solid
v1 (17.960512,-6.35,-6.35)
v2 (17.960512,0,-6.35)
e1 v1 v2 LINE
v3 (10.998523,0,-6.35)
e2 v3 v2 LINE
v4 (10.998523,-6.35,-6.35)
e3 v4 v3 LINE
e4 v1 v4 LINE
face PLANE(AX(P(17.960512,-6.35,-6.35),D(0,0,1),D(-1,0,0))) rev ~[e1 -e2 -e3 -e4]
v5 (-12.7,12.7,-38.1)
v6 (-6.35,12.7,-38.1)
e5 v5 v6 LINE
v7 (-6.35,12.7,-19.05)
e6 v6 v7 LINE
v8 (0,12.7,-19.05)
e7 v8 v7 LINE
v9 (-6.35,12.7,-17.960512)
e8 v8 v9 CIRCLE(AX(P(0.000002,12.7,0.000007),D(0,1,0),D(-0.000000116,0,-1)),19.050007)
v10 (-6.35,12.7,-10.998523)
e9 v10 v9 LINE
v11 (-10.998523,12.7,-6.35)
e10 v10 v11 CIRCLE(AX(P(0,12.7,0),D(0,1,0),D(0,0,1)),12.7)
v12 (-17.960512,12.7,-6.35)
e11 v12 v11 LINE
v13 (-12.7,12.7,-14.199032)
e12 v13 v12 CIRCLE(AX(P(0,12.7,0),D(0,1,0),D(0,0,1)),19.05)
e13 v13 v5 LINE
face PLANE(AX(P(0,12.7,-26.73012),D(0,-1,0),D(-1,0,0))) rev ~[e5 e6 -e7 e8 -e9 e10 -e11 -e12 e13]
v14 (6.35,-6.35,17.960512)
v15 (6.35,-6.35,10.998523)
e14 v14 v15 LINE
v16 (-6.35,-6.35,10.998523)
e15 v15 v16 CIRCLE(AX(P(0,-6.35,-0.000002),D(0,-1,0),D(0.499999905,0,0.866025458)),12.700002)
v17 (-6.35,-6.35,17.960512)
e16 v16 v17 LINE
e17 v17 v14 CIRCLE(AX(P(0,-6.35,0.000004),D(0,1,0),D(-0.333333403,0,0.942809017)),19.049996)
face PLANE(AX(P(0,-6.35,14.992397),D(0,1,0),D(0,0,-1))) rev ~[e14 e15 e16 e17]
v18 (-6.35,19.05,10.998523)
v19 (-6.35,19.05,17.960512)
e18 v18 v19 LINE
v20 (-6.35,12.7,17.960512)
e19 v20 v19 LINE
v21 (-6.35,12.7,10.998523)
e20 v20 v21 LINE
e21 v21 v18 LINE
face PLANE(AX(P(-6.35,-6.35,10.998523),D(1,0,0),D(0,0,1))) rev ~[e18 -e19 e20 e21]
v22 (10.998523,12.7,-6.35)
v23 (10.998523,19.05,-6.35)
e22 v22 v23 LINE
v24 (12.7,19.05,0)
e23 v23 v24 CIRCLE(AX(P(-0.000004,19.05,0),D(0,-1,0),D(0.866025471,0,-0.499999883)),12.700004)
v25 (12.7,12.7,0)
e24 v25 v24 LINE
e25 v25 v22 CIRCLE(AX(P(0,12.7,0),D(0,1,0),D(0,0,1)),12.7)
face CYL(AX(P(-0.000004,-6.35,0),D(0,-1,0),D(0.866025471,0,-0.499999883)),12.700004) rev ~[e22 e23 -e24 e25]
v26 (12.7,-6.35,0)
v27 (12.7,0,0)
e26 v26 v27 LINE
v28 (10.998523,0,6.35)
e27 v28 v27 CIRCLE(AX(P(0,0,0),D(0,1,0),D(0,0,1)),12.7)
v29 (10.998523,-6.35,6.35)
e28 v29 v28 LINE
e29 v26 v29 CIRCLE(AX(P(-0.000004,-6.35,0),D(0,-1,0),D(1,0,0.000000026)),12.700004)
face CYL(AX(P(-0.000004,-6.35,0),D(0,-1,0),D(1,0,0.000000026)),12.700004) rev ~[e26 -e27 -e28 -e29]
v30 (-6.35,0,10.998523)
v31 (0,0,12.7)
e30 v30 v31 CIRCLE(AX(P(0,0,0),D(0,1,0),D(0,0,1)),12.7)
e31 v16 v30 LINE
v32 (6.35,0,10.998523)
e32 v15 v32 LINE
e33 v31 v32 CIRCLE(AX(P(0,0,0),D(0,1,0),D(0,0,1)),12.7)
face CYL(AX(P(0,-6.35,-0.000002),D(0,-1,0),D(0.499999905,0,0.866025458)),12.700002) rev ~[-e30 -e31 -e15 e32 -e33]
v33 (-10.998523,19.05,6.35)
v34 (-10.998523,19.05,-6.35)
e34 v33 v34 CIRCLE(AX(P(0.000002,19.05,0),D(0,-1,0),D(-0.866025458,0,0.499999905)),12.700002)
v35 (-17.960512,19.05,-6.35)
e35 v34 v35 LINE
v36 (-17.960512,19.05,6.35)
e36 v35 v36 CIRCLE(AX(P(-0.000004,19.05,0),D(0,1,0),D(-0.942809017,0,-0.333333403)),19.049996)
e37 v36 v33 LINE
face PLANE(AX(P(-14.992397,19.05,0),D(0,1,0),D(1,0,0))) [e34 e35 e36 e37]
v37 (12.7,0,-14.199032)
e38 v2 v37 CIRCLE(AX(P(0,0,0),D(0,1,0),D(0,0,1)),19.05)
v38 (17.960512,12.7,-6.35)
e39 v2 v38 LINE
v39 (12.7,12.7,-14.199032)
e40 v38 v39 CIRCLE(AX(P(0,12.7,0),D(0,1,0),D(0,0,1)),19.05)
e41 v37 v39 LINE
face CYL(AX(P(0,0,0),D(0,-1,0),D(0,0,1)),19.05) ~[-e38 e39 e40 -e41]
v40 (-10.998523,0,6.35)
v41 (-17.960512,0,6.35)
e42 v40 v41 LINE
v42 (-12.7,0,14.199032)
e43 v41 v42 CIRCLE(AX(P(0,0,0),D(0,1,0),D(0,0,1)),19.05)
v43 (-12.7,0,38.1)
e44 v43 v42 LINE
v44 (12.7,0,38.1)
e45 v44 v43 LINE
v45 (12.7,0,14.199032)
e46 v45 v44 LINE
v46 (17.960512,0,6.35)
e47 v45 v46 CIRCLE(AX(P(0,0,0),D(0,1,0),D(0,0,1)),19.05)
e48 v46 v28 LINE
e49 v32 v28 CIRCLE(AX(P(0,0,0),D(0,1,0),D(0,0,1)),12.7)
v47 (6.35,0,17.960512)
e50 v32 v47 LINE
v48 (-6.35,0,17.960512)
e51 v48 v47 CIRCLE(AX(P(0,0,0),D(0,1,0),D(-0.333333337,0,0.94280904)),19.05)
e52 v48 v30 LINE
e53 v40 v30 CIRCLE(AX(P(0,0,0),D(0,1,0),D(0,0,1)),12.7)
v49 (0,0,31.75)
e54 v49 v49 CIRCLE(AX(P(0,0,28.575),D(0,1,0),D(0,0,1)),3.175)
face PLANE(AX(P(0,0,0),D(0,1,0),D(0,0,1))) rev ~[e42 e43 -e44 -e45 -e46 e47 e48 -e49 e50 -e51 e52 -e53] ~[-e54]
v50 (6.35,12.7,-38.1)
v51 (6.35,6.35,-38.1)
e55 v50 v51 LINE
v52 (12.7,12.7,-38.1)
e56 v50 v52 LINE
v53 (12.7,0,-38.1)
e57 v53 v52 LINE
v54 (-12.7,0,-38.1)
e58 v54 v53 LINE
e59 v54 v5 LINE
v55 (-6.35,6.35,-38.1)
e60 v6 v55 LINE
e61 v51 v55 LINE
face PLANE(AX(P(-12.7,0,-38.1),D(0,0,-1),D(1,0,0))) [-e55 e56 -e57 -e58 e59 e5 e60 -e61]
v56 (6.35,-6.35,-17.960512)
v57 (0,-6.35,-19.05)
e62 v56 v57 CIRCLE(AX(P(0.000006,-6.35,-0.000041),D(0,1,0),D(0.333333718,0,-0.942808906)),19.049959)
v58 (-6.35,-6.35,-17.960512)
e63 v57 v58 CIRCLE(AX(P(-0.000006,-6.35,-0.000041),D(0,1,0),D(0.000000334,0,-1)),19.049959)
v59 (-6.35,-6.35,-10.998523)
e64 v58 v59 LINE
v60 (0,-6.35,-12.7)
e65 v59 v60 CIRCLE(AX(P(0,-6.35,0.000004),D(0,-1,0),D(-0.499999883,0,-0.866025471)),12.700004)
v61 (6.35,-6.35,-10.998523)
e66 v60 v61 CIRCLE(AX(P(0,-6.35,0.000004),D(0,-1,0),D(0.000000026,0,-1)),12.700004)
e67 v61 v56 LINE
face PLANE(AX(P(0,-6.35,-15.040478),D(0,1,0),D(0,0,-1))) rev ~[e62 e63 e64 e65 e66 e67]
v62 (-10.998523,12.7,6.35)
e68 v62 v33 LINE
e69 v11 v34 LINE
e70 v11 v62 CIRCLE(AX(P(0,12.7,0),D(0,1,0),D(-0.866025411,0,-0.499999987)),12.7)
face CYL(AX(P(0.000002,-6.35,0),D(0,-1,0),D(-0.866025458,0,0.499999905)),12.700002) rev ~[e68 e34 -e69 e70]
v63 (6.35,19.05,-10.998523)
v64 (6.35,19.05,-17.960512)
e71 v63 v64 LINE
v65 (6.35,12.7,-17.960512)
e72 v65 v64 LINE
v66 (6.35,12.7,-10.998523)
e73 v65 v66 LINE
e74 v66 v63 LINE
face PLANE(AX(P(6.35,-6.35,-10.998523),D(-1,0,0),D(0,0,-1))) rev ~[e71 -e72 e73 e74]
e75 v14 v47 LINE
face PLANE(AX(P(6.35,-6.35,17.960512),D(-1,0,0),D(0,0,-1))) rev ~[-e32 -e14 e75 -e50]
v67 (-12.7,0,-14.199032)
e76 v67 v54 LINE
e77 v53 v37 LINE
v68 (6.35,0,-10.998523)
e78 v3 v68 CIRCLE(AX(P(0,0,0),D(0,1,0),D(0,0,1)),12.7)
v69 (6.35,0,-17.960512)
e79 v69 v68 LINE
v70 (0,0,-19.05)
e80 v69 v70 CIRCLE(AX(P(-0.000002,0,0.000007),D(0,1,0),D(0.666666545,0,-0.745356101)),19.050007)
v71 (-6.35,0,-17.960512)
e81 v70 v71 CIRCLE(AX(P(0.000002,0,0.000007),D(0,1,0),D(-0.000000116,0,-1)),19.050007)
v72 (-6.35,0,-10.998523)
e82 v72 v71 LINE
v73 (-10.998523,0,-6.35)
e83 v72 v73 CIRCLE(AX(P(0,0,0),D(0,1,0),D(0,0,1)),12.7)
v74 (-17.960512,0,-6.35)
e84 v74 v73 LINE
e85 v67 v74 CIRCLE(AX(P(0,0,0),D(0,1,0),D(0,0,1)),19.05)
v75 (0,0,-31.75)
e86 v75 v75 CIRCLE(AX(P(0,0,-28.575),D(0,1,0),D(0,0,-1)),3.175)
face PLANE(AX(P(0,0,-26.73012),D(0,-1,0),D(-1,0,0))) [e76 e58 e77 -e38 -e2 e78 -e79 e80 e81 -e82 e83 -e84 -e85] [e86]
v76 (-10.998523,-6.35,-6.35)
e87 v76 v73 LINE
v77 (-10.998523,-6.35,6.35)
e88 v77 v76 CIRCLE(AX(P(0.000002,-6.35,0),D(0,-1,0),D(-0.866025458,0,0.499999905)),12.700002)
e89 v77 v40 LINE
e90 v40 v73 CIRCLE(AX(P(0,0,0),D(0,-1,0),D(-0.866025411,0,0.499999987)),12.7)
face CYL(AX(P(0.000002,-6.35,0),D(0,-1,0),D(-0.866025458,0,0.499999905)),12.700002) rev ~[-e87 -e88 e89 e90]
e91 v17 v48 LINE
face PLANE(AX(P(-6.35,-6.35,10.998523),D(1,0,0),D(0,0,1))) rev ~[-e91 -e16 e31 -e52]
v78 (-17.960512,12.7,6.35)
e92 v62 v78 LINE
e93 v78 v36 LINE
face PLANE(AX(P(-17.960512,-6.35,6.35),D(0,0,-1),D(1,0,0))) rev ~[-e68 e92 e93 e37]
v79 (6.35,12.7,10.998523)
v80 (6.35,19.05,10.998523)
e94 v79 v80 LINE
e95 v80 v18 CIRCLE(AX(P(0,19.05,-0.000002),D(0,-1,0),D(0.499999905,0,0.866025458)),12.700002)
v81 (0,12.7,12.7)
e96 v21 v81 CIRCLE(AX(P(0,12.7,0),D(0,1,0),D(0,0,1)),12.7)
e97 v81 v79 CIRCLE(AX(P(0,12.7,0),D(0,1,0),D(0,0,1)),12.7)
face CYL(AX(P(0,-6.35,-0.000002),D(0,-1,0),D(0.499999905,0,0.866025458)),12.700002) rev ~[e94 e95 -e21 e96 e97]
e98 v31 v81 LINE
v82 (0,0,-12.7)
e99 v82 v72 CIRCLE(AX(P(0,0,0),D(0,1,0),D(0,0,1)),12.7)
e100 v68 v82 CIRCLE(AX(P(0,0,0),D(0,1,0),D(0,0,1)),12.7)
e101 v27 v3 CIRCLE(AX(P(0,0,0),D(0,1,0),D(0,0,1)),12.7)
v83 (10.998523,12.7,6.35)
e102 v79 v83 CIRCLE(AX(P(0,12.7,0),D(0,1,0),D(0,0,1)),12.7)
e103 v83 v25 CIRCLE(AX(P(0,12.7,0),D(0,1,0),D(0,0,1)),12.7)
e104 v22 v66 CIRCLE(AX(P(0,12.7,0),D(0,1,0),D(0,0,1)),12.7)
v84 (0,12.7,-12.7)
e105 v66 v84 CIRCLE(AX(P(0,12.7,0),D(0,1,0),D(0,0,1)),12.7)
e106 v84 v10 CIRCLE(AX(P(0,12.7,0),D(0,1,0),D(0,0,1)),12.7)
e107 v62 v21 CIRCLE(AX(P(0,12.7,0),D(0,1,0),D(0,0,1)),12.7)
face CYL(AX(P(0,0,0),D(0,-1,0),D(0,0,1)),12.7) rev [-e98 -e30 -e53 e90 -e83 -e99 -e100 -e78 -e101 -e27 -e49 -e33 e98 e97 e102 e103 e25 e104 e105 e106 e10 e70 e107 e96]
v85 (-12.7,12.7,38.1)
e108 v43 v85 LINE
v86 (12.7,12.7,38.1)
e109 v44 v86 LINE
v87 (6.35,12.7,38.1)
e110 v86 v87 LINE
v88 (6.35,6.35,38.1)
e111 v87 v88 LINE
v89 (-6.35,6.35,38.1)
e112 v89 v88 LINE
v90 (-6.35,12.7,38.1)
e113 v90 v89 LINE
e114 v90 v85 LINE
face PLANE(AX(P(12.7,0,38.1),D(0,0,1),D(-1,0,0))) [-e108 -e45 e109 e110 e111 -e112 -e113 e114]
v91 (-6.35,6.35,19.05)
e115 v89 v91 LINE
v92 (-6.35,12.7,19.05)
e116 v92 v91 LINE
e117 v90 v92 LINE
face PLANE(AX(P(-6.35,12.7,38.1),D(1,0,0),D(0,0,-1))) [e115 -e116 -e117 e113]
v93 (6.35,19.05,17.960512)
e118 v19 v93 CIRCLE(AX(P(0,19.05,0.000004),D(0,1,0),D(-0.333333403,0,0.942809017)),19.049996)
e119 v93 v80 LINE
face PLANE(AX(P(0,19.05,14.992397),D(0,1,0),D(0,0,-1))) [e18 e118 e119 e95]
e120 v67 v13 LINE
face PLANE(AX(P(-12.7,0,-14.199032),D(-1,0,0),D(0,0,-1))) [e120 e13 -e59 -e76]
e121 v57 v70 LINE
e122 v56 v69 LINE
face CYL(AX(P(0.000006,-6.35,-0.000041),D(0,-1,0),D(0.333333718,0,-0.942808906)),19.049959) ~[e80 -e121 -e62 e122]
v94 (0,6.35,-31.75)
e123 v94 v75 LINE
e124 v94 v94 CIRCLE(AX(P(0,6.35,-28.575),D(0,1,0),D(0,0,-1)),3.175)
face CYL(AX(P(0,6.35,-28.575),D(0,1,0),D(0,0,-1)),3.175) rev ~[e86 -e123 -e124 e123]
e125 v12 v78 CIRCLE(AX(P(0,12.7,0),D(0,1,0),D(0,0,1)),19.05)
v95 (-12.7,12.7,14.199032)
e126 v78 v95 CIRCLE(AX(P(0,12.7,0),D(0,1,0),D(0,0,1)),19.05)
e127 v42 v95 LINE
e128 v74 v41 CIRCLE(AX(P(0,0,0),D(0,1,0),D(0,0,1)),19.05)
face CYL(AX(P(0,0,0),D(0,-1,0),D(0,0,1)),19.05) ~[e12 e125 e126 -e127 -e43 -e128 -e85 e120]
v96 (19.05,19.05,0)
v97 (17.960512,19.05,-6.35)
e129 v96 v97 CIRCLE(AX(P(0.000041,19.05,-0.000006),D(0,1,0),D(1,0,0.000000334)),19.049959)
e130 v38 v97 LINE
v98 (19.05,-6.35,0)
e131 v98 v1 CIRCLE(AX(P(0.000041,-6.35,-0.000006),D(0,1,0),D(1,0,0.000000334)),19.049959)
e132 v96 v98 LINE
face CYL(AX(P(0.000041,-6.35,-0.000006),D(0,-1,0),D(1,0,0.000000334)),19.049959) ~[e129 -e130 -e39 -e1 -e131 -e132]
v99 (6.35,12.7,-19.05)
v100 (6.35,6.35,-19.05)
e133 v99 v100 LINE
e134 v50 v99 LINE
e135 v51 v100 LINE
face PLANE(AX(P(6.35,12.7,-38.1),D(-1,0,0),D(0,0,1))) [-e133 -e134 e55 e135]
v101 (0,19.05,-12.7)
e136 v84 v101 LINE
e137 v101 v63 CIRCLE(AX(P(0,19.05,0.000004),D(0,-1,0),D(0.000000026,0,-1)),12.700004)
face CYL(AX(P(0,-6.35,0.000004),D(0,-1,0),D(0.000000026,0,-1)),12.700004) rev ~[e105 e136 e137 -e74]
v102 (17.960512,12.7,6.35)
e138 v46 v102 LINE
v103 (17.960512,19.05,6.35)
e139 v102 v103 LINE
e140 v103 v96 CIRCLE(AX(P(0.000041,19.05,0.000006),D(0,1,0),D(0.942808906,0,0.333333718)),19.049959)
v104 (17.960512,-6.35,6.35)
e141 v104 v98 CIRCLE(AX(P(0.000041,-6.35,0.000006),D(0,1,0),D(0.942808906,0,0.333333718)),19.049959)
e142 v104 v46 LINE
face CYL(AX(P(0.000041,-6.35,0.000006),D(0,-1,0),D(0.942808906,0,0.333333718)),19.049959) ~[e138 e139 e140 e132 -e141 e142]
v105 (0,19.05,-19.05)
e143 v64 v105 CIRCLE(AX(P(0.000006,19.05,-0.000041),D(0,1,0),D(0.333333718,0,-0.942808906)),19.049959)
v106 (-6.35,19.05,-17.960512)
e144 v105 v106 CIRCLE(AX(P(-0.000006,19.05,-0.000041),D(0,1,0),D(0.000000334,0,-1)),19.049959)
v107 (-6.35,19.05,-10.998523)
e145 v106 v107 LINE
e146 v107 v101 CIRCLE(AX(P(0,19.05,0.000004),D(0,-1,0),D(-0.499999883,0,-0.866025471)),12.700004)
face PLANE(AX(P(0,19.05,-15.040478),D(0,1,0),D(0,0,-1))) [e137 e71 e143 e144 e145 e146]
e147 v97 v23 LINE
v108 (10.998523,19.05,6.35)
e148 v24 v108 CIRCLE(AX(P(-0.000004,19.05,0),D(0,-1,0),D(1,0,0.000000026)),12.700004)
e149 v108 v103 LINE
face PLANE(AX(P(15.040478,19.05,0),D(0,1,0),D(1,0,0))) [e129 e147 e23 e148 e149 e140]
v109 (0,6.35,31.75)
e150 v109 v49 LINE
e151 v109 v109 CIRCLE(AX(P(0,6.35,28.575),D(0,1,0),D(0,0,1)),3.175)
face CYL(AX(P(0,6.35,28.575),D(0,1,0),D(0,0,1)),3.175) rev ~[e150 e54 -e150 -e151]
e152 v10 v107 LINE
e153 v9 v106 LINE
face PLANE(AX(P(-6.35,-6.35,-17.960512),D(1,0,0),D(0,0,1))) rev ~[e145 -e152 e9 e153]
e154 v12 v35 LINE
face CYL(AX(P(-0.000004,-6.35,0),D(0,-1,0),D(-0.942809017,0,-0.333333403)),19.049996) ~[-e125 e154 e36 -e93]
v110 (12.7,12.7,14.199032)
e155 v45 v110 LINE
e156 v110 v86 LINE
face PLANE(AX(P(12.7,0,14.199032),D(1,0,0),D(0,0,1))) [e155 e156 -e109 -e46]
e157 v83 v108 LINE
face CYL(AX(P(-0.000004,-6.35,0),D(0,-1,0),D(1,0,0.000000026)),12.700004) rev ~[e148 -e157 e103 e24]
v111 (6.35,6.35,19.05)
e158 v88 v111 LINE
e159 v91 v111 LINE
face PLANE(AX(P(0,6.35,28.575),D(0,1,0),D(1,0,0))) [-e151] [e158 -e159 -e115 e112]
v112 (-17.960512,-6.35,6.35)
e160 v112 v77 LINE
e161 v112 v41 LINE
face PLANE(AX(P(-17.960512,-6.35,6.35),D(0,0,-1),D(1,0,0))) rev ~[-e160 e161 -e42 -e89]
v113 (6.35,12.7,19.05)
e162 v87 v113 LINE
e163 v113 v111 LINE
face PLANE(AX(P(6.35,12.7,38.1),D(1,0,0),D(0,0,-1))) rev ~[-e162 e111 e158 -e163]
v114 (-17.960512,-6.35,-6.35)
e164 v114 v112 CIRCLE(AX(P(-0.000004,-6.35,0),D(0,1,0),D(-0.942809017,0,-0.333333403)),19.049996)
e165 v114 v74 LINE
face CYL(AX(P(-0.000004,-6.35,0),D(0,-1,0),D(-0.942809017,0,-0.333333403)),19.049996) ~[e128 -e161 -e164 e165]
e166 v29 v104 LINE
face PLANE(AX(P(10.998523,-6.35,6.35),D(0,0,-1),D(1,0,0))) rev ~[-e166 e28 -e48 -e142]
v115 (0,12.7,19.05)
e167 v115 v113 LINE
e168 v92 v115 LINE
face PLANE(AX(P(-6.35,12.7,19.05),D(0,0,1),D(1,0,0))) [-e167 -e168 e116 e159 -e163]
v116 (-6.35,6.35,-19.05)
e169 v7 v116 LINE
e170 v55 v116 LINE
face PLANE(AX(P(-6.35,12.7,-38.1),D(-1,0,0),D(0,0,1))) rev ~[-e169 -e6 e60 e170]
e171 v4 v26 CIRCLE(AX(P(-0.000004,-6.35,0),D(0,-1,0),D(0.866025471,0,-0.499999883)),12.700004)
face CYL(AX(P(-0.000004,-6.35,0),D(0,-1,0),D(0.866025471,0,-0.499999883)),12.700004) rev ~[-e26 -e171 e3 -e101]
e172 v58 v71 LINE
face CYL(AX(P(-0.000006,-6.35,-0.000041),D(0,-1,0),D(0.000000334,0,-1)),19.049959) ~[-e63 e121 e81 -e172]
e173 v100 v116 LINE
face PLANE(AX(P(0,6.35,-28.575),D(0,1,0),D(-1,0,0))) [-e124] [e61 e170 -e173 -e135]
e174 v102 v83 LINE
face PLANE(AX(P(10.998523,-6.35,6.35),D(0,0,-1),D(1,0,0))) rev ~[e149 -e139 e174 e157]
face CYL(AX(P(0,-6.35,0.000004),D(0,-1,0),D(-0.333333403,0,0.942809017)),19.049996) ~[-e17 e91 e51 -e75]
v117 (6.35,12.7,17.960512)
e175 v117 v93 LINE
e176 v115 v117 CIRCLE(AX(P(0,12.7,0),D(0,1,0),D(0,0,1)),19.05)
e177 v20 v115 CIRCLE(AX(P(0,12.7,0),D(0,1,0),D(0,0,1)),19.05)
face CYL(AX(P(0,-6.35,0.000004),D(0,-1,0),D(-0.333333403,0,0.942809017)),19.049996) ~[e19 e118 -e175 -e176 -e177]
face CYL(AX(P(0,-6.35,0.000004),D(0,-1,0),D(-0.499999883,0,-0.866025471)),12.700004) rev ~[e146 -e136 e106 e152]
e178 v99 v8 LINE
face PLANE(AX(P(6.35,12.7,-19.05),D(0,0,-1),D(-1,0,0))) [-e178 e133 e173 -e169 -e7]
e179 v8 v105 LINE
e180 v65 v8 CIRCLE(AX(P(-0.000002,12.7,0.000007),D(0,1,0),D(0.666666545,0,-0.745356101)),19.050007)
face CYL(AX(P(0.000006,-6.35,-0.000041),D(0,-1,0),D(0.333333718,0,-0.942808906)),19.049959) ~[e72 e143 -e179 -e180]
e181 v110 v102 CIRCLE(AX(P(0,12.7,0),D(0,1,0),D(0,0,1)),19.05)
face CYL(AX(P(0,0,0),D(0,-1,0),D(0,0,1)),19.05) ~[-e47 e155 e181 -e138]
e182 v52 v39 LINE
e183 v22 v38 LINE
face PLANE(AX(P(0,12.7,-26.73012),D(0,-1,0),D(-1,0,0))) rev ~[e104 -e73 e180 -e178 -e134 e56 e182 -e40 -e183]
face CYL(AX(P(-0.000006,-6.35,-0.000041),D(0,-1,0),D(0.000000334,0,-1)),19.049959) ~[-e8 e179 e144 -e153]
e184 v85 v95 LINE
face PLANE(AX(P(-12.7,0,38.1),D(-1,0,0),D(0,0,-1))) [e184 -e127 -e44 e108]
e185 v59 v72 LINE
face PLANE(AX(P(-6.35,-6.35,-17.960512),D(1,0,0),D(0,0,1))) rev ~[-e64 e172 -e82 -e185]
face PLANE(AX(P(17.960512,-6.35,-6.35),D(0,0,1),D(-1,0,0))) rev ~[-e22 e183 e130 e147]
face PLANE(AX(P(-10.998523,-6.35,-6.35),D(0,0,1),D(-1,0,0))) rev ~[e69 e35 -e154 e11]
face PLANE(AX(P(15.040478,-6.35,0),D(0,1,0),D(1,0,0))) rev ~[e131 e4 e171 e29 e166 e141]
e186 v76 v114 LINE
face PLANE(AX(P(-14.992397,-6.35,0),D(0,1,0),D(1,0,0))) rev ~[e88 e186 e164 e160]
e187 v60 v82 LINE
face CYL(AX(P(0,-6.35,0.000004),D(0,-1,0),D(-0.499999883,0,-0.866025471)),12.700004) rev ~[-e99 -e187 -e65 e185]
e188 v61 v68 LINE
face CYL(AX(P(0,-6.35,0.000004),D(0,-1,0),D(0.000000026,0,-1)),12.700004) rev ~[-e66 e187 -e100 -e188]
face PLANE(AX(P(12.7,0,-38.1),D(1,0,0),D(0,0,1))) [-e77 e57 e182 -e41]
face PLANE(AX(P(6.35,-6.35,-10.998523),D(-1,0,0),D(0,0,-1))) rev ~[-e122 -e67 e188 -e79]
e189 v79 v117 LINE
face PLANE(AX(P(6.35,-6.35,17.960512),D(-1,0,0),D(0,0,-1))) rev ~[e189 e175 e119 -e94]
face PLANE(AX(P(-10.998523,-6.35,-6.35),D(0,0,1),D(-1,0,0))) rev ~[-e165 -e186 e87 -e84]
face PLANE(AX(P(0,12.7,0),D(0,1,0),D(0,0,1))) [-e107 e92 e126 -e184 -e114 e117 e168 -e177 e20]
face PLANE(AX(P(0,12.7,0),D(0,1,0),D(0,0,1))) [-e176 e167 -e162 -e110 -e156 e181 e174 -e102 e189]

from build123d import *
from build123d.topology import SkipClean

# Parameters (mm, degrees)
SKETCH1_R           = 19.05
SKETCH1_R_2         = 12.7
BOSS_EXTRUDE1_DEPTH = 12.7
BOSS_EXTRUDE4_START = -19.05
BOSS_EXTRUDE4_DEPTH = 25.4
BOSS_EXTRUDE7_DEPTH = 12.7
CIRPATTERN3_COUNT   = 2
CIRPATTERN3_ANGLE   = 90
SKETCH14_W          = 12.7
SKETCH14_H          = 19.05
CUT_EXTRUDE1_DEPTH  = 6.35
SKETCH15_R          = 3.175
CUT_EXTRUDE2_DEPTH  = 6.35
CIRPATTERN4_COUNT   = 2


with BuildPart() as part:
    # Sketch1 → Boss-Extrude1 (new body)
    with BuildSketch(Plane(origin=(0, 0, 0), x_dir=(1, 0, 0), z_dir=(0, 1, 0))):
        with Locations(Location((0, 0, 0), (0, 0, 270))):
            Circle(SKETCH1_R)
        with Locations(Location((0, 0, 0), (0, 0, 270))):
            Circle(SKETCH1_R_2, mode=Mode.SUBTRACT)
    extrude(amount=BOSS_EXTRUDE1_DEPTH)

    # Sketch5 → Boss-Extrude4 (add)
    with SkipClean():  # the faces are left unmerged after this step: merging them gives an invalid solid
        with BuildSketch(Plane(origin=(0, 12.7, 0), x_dir=(1, 0, 0), z_dir=(0, 1, 0)).offset(BOSS_EXTRUDE4_START)):
            with BuildLine():
                ThreePointArc((-17.960512, 6.35), (-19.05, 0), (-17.960512, -6.35))
                Line((-17.960512, -6.35), (-10.998523, -6.35))
                ThreePointArc((-10.998523, -6.35), (-12.7, 0), (-10.998523, 6.35))
                Line((-10.998523, 6.35), (-17.960512, 6.35))
            make_face()
            with BuildLine():
                Line((10.998523, -6.35), (17.960512, -6.35))
                ThreePointArc((17.960512, -6.35), (18.775653, -3.221393), (19.05, 0))
                ThreePointArc((19.05, 0), (18.775653, 3.221393), (17.960512, 6.35))
                Line((17.960512, 6.35), (10.998523, 6.35))
                ThreePointArc((10.998523, 6.35), (12.267258, 3.287002), (12.7, 0))
                ThreePointArc((12.7, 0), (12.267258, -3.287002), (10.998523, -6.35))
            make_face()
        boss_extrude4 = extrude(amount=BOSS_EXTRUDE4_DEPTH)

    # Sketch13 → Boss-Extrude7 (add)
    with SkipClean():  # the faces are left unmerged after this step: merging them gives an invalid solid
        with BuildSketch(Plane.XZ):
            with BuildLine():
                ThreePointArc((0, 19.05), (6.797461, 17.795983), (12.7, 14.199032))
                Line((12.7, 14.199032), (12.7, 38.1))
                Line((12.7, 38.1), (-12.7, 38.1))
                Line((-12.7, 38.1), (-12.7, 14.199032))
                ThreePointArc((-12.7, 14.199032), (-6.797461, 17.795983), (0, 19.05))
            make_face()
        boss_extrude7 = extrude(amount=-BOSS_EXTRUDE7_DEPTH)

    # CirPattern3: Boss-Extrude4 ×2 about axis
    with SkipClean():  # the faces are left unmerged after this step: merging them gives an invalid solid
        cirpattern3_axis = Axis((0, 12.7, 0), (0, 1, 0))
        for i in range(1, CIRPATTERN3_COUNT):
            add(boss_extrude4.rotate(cirpattern3_axis, i * CIRPATTERN3_ANGLE / (CIRPATTERN3_COUNT - 1)))

    # Sketch14 → Cut-Extrude1 (cut)
    with SkipClean():  # the faces are left unmerged after this step: merging them gives an invalid solid
        with BuildSketch(Plane(origin=(0, 12.7, 0), x_dir=(1, 0, 0), z_dir=(0, 1, 0))):
            with Locations((0, -28.575)):
                Rectangle(SKETCH14_W, SKETCH14_H)
        cut_extrude1 = extrude(amount=-CUT_EXTRUDE1_DEPTH, mode=Mode.SUBTRACT)

    # Sketch15 → Cut-Extrude2 (cut)
    with SkipClean():  # the faces are left unmerged after this step: merging them gives an invalid solid
        with BuildSketch(Plane(origin=(0, 6.35, 0), x_dir=(1, 0, 0), z_dir=(0, 1, 0))):
            with Locations(Location((0, -28.575, 0), (0, 0, 270))):
                Circle(SKETCH15_R)
        cut_extrude2 = extrude(amount=-CUT_EXTRUDE2_DEPTH, mode=Mode.SUBTRACT)

    # CirPattern4: Boss-Extrude7, Cut-Extrude1, Cut-Extrude2 ×2 about axis
    cirpattern4_axis = Axis((0, 0, 0), (0, 1, 0))
    add([boss_extrude7.rotate(cirpattern4_axis, i * 360 / CIRPATTERN4_COUNT) for i in range(1, CIRPATTERN4_COUNT)])
    add([cut_extrude1.rotate(cirpattern4_axis, i * 360 / CIRPATTERN4_COUNT) for i in range(1, CIRPATTERN4_COUNT)], mode=Mode.SUBTRACT)
    add([cut_extrude2.rotate(cirpattern4_axis, i * 360 / CIRPATTERN4_COUNT) for i in range(1, CIRPATTERN4_COUNT)], mode=Mode.SUBTRACT)


solid = part.part
